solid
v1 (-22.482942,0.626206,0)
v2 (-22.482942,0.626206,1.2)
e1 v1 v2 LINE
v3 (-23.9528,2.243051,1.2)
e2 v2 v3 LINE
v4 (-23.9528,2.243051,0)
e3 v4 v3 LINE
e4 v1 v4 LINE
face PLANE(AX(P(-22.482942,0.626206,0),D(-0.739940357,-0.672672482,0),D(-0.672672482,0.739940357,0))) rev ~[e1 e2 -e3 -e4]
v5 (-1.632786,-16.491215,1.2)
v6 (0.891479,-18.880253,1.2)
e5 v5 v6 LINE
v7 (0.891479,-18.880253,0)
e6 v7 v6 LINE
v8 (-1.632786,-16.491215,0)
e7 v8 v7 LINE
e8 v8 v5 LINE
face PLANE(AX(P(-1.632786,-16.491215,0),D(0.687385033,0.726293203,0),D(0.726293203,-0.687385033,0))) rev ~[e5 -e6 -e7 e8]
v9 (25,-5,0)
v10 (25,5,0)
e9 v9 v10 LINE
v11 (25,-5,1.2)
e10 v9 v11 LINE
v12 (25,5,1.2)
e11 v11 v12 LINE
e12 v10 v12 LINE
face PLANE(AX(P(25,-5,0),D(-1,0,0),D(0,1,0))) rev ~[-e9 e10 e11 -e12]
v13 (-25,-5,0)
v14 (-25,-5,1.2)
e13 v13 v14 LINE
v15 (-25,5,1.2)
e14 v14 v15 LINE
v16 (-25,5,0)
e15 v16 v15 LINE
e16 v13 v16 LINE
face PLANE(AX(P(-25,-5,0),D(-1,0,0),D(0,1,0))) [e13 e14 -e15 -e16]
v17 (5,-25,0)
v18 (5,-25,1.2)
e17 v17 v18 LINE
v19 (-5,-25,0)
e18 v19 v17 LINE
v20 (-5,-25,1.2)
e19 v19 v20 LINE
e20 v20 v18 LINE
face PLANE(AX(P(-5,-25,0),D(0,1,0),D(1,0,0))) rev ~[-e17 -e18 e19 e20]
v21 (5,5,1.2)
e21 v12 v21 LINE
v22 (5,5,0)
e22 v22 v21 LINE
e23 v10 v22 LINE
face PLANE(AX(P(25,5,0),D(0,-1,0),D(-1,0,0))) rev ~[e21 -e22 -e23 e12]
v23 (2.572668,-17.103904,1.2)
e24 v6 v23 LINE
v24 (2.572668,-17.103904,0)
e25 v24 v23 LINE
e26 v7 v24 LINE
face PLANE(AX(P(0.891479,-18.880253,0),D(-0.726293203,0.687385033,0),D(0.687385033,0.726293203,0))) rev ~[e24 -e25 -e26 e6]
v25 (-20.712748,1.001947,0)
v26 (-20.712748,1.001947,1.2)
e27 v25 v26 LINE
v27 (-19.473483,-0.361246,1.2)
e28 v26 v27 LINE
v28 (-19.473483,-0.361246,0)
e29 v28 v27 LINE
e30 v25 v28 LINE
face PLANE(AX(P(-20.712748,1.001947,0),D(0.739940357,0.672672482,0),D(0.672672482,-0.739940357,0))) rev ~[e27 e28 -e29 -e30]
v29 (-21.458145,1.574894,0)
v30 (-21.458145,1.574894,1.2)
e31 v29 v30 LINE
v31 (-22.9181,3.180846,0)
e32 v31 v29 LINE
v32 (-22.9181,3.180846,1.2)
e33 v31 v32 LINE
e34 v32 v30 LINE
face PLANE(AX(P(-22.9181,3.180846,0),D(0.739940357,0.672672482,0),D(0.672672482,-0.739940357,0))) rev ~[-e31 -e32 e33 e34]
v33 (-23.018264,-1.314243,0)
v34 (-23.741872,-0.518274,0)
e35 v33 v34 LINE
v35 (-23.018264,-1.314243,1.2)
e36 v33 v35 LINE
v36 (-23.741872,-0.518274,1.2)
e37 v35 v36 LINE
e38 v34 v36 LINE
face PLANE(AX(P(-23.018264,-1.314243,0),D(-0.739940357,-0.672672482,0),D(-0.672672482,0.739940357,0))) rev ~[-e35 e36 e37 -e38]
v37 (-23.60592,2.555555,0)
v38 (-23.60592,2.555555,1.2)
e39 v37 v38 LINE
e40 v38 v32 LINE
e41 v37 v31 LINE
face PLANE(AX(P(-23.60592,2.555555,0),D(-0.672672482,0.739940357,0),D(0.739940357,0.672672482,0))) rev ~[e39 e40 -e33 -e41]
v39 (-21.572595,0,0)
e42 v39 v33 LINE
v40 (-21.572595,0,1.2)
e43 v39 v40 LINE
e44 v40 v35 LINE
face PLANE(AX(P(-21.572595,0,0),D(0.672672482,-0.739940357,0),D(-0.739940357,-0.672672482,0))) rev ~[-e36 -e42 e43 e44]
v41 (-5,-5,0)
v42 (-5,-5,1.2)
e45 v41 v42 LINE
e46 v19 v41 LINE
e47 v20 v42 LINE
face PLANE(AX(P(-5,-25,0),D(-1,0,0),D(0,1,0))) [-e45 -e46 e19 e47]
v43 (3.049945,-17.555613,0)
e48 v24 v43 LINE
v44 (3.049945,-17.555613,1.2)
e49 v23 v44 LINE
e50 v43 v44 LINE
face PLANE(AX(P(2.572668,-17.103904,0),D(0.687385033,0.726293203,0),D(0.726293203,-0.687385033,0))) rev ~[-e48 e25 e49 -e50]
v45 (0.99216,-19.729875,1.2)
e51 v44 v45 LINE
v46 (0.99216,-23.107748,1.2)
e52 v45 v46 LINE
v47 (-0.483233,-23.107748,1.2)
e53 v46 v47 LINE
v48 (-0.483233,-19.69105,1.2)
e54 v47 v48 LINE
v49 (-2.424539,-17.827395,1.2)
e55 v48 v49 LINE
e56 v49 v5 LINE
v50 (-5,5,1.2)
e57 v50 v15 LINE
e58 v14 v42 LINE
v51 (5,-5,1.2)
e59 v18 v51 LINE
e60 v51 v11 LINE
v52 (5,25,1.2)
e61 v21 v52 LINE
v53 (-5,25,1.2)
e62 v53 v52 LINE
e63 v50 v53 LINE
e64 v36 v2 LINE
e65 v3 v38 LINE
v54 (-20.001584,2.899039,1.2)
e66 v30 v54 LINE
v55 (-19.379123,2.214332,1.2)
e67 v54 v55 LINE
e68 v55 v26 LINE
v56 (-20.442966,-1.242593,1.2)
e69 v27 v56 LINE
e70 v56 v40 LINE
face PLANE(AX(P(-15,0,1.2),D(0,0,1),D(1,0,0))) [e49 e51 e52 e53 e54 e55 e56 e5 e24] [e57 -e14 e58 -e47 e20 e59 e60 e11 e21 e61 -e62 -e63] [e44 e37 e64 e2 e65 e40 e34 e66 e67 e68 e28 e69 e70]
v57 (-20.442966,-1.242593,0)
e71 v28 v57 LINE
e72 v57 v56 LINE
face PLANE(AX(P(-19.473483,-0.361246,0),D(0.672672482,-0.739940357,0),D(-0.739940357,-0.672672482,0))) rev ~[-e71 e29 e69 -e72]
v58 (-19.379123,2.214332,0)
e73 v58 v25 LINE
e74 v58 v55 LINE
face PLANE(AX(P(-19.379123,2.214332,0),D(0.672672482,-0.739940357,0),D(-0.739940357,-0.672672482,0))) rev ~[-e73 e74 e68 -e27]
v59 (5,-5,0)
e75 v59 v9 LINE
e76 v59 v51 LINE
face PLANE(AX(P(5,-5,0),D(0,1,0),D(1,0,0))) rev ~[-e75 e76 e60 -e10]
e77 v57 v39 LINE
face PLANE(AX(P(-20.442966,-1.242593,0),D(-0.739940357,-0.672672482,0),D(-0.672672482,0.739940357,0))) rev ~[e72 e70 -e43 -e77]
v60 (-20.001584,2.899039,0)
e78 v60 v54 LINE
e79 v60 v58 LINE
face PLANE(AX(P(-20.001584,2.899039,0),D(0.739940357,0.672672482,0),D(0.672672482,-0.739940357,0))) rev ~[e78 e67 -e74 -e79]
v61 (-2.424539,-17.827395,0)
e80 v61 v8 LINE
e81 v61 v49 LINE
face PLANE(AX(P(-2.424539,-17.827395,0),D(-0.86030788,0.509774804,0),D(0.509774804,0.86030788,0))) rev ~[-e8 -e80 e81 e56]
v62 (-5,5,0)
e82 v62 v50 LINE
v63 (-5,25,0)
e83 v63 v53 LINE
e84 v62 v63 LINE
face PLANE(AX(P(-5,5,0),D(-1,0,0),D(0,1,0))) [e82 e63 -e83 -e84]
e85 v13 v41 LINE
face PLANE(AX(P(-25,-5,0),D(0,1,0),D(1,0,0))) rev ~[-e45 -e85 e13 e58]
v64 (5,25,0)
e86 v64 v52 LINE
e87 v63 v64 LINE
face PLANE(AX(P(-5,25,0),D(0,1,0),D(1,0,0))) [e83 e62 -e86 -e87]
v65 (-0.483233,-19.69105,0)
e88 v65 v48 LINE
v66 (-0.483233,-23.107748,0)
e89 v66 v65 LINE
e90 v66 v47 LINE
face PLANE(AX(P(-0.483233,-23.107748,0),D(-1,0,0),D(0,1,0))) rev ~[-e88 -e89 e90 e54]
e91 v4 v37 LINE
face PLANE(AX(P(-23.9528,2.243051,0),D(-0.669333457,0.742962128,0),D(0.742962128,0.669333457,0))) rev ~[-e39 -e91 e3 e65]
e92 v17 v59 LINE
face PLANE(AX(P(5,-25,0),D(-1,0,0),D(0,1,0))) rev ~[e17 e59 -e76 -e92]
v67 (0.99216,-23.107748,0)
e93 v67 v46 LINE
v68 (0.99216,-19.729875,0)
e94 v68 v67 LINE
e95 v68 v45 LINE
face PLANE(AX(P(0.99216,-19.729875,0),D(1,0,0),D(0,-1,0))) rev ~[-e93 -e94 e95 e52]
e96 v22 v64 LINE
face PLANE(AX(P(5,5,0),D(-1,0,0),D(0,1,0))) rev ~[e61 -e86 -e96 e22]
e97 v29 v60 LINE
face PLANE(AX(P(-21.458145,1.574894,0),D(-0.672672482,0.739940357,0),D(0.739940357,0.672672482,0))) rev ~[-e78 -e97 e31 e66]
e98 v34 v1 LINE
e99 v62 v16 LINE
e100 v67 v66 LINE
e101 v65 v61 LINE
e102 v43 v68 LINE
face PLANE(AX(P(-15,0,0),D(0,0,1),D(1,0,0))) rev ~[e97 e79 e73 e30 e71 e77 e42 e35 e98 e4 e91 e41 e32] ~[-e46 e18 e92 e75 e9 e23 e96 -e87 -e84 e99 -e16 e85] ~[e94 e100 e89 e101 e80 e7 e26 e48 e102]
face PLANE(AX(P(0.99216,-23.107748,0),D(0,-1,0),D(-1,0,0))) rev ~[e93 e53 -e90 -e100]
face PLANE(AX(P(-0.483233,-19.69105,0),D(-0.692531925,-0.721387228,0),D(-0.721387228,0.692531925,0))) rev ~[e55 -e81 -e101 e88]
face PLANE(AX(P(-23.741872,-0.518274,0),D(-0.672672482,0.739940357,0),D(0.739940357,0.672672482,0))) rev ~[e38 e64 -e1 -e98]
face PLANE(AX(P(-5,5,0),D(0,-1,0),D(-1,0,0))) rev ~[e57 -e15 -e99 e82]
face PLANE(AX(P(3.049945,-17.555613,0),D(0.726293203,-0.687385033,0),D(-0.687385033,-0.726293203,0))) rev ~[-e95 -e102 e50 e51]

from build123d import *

# Parameters (mm, degrees)
F0_W     = 20
F0_H     = 10
F0_W_2   = 10
F0_H_2   = 20
F1_DEPTH = 1.2


with BuildPart() as f1:
    # F0 (on Top) → F1 (new body)
    with BuildSketch(Plane.XY):
        with Locations((-15, 0)):
            Rectangle(F0_W, F0_H)
        Polygon((-23.952800427, 2.2430510182), (-23.6059203744, 2.5555547327), (-22.9180995375, 3.1808458734), (-21.4581449046, 1.5748944182), (-20.0015842271, 2.899039368), (-19.379123235, 2.2143316973), (-20.7127477867, 1.0019467672), (-19.4734830842, -0.3612455592), (-20.4429661396, -1.2425930456), (-21.572595225, 0), (-23.0182641957, -1.3142434066), (-23.7418717627, -0.5182744093), (-22.4829424203, 0.6262058426), align=None, mode=Mode.SUBTRACT)
        Rectangle(F0_W_2, F0_H)
        with Locations((15, 0)):
            Rectangle(F0_W, F0_H)
        with Locations((0, 15)):
            Rectangle(F0_W_2, F0_H_2)
        with Locations((0, -15)):
            Rectangle(F0_W_2, F0_H_2)
        Polygon((-0.4832326085, -19.6910500526), (-2.4245390669, -17.8273953497), (-1.6327861698, -16.4912146452), (0.8914793769, -18.8802530514), (2.5726677996, -17.1039040391), (3.0499449931, -17.5556130707), (0.9921601741, -19.7298750281), (0.9921601741, -23.1077484787), (-0.4832326085, -23.1077484787), align=None, mode=Mode.SUBTRACT)
    extrude(amount=F1_DEPTH)


solid = f1.part
